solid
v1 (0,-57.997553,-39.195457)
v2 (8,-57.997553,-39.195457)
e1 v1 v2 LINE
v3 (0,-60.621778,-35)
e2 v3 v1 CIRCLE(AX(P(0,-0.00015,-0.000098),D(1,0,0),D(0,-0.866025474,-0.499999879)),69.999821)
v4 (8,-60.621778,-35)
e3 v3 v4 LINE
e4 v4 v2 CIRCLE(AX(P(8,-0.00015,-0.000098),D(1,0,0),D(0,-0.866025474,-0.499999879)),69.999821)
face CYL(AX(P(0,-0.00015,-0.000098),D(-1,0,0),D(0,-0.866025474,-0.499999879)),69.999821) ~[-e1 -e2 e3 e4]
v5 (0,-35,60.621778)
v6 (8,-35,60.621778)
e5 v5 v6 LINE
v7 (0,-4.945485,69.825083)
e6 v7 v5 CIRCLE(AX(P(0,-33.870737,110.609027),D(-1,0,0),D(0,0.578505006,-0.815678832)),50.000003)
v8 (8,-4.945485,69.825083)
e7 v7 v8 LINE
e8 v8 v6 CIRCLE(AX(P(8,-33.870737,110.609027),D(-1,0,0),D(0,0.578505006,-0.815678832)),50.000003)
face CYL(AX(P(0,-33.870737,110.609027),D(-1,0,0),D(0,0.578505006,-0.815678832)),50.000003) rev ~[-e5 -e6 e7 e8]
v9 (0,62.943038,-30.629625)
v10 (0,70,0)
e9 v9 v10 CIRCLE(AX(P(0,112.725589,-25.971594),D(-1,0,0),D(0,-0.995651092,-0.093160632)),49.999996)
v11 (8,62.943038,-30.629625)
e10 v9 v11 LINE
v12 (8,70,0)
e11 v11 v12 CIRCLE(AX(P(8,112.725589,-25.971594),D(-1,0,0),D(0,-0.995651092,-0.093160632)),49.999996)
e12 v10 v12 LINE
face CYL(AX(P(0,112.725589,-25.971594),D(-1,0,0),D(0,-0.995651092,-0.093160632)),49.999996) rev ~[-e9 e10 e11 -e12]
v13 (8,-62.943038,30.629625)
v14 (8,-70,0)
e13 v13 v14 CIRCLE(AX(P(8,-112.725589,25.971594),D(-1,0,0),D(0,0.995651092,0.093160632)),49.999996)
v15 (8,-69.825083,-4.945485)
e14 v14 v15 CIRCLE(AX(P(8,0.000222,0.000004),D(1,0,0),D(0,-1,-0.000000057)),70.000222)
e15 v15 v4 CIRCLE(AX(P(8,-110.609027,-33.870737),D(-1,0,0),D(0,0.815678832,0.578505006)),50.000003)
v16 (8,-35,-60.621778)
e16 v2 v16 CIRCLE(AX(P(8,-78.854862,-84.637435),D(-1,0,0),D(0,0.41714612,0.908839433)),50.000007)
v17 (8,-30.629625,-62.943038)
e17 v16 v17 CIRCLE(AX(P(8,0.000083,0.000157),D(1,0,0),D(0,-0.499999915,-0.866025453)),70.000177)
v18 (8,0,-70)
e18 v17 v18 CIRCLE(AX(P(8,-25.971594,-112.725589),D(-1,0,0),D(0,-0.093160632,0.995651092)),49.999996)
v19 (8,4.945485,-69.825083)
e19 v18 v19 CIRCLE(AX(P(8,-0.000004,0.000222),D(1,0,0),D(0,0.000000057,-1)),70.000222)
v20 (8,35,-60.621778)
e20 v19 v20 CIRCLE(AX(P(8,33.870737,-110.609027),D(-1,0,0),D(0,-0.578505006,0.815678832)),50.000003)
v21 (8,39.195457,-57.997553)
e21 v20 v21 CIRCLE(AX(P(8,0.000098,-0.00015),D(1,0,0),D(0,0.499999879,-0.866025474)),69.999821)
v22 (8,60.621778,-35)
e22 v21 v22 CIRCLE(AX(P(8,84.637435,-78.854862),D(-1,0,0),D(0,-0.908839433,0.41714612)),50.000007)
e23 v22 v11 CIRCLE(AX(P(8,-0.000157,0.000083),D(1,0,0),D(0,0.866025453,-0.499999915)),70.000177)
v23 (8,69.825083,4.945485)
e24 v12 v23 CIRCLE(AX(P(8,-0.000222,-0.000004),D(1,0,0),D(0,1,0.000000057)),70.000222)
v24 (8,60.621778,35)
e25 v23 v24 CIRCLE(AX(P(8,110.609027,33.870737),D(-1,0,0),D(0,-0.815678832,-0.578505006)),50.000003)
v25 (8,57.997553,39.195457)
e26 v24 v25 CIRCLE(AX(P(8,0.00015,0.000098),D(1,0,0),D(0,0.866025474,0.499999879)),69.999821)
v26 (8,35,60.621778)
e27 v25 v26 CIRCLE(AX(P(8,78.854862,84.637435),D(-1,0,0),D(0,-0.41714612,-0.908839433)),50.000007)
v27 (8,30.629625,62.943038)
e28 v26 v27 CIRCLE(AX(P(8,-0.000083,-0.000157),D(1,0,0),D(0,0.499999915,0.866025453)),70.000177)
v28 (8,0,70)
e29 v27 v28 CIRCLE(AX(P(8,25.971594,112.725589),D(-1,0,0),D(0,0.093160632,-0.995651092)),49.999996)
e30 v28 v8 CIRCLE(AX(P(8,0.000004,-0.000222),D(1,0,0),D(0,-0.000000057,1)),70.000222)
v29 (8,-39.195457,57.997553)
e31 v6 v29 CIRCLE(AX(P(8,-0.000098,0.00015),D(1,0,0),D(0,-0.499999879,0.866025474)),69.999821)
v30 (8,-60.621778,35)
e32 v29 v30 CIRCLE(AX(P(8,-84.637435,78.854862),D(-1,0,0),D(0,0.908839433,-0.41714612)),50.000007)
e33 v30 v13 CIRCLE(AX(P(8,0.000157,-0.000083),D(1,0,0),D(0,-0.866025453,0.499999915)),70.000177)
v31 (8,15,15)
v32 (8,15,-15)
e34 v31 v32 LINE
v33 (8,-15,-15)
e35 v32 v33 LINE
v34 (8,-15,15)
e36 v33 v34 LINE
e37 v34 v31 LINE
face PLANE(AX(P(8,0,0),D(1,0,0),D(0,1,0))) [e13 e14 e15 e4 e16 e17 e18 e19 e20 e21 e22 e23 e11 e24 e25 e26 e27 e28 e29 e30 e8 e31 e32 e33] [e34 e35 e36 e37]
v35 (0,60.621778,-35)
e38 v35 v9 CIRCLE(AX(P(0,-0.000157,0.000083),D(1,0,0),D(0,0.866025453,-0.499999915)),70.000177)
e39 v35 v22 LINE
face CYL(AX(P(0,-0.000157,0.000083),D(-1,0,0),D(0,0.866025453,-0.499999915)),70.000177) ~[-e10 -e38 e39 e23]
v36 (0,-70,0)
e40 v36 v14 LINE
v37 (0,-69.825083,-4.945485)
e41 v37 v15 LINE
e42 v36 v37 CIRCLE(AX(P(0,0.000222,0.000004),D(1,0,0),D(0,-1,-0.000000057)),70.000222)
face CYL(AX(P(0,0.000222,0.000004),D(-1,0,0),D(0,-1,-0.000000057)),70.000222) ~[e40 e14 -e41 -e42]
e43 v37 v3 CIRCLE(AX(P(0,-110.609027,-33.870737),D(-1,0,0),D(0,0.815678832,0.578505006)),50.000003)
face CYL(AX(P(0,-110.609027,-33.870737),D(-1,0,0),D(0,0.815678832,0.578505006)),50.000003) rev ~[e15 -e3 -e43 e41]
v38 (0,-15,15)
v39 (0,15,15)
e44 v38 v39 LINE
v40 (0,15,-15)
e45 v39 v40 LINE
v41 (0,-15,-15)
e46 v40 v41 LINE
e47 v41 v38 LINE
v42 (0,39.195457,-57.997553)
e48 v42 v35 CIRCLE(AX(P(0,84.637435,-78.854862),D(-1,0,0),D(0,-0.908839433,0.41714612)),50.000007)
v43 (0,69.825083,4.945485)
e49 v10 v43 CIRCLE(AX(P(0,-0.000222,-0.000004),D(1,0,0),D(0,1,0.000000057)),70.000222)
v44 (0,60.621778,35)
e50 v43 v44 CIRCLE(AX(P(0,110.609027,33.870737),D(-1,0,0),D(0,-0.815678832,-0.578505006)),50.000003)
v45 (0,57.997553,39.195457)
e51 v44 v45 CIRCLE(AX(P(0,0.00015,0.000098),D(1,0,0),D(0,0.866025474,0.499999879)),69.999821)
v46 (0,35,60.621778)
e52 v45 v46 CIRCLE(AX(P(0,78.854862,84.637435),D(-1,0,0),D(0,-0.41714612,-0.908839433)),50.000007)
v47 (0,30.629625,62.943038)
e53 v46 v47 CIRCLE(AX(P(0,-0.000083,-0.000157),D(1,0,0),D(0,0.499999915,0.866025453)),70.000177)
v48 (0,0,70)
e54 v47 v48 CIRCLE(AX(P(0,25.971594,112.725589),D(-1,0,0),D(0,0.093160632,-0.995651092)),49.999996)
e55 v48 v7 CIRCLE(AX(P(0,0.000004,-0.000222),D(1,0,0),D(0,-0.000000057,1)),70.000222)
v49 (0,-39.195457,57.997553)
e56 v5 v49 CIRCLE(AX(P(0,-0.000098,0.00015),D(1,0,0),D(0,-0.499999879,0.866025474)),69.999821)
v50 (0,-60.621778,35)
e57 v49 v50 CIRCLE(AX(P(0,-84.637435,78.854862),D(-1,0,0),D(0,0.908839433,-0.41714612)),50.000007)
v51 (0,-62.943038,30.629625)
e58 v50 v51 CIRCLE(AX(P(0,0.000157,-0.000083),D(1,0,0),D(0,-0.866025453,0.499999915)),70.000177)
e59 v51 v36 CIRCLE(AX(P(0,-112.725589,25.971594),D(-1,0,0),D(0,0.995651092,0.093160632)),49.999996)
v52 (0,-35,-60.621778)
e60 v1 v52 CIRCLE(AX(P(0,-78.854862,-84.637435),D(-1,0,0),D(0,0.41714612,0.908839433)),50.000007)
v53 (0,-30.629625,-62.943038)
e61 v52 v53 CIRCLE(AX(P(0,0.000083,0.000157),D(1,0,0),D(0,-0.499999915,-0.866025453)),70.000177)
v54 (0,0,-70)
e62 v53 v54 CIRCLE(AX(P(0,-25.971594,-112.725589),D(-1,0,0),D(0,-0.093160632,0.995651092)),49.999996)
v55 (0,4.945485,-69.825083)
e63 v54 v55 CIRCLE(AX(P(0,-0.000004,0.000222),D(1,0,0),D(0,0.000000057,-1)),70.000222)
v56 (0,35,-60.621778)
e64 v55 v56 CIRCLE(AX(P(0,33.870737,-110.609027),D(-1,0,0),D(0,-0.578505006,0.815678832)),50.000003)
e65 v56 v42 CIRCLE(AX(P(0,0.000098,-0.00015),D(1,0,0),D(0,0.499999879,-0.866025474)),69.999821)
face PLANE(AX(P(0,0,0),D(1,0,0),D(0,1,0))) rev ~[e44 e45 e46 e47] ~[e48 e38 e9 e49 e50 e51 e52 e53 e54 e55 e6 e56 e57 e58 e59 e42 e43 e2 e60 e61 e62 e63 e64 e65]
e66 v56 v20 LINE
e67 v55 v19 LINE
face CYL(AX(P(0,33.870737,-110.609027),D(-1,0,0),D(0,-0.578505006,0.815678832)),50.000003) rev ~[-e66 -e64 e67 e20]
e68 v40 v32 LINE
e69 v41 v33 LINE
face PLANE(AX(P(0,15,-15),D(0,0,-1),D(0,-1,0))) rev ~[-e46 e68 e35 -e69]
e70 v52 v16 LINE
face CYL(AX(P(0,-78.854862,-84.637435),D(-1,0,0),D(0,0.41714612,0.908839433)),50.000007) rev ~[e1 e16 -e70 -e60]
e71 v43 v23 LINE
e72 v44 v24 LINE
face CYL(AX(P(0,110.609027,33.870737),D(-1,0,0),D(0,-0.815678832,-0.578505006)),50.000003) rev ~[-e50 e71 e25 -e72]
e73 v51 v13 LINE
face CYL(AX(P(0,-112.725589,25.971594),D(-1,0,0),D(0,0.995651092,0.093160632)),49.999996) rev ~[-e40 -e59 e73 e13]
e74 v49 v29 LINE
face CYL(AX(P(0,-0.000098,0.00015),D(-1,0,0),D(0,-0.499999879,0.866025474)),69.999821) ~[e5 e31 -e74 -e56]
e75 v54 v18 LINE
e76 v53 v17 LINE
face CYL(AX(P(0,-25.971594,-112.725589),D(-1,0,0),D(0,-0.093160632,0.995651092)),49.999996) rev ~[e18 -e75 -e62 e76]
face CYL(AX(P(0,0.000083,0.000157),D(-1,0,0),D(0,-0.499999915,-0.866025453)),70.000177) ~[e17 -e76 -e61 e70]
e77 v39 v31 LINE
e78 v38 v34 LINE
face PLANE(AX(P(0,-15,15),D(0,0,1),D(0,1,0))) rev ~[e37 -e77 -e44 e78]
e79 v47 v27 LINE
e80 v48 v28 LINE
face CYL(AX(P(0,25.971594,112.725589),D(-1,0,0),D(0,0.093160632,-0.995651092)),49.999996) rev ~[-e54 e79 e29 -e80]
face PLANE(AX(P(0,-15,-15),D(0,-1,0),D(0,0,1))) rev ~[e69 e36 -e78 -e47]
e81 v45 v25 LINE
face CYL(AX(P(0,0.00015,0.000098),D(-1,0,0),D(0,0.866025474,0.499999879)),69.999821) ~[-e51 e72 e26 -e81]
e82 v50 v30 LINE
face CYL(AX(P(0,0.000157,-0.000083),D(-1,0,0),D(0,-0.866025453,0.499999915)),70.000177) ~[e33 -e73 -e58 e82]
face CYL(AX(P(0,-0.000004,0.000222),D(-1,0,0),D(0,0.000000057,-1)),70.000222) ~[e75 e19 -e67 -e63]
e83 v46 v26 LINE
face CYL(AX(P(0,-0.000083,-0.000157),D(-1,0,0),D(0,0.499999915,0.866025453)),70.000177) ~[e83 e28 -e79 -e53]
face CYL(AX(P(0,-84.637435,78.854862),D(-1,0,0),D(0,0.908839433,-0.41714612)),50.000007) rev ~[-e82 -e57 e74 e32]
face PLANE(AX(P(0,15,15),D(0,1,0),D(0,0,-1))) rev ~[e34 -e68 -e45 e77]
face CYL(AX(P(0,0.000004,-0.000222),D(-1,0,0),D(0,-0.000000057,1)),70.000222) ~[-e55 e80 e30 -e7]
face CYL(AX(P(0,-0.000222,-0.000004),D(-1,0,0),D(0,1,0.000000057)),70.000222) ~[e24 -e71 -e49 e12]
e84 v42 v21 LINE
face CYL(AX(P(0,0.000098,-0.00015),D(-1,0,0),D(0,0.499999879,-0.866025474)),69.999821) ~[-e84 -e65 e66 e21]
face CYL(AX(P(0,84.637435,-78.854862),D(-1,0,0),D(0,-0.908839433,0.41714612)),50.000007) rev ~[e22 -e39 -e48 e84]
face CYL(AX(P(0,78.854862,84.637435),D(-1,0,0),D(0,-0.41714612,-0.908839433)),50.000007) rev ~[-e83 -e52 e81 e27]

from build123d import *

# Parameters (mm, degrees)
F1_DEPTH = 8


with BuildPart() as f1:
    # F0 (on Right) → F1 (new body)
    with BuildSketch(Plane.YZ):
        with BuildLine():
            ThreePointArc((-39.195457, 57.997553), (-48.05448, 44.771316), (-60.621778, 35))
            ThreePointArc((-60.621778, 35), (-61.82104, 32.835331), (-62.943038, 30.629625))
            ThreePointArc((-62.943038, 30.629625), (-64.002058, 14.745857), (-70, 0))
            ThreePointArc((-70, 0), (-69.956257, -2.474289), (-69.825083, -4.945485))
            ThreePointArc((-69.825083, -4.945485), (-62.800337, -19.230742), (-60.621778, -35))
            ThreePointArc((-60.621778, -35), (-59.346751, -37.120926), (-57.997553, -39.195457))
            ThreePointArc((-57.997553, -39.195457), (-44.771316, -48.05448), (-35, -60.621778))
            ThreePointArc((-35, -60.621778), (-32.835331, -61.82104), (-30.629625, -62.943038))
            ThreePointArc((-30.629625, -62.943038), (-14.745857, -64.002058), (0, -70))
            ThreePointArc((0, -70), (2.474289, -69.956257), (4.945485, -69.825083))
            ThreePointArc((4.945485, -69.825083), (19.230742, -62.800337), (35, -60.621778))
            ThreePointArc((35, -60.621778), (37.120926, -59.346751), (39.195457, -57.997553))
            ThreePointArc((39.195457, -57.997553), (48.05448, -44.771316), (60.621778, -35))
            ThreePointArc((60.621778, -35), (61.82104, -32.835331), (62.943038, -30.629625))
            ThreePointArc((62.943038, -30.629625), (64.002058, -14.745857), (70, 0))
            ThreePointArc((70, 0), (69.956257, 2.474289), (69.825083, 4.945485))
            ThreePointArc((69.825083, 4.945485), (62.800337, 19.230742), (60.621778, 35))
            ThreePointArc((60.621778, 35), (59.346751, 37.120926), (57.997553, 39.195457))
            ThreePointArc((57.997553, 39.195457), (44.771316, 48.05448), (35, 60.621778))
            ThreePointArc((35, 60.621778), (32.835331, 61.82104), (30.629625, 62.943038))
            ThreePointArc((30.629625, 62.943038), (14.745857, 64.002058), (0, 70))
            ThreePointArc((0, 70), (-2.474289, 69.956257), (-4.945485, 69.825083))
            ThreePointArc((-4.945485, 69.825083), (-19.230742, 62.800337), (-35, 60.621778))
            ThreePointArc((-35, 60.621778), (-37.120926, 59.346751), (-39.195457, 57.997553))
        make_face()
        Polygon((15, -15), (-15, -15), (-15, 15), (0, 15), (15, 15), align=None, mode=Mode.SUBTRACT)
    extrude(amount=F1_DEPTH)


solid = f1.part
